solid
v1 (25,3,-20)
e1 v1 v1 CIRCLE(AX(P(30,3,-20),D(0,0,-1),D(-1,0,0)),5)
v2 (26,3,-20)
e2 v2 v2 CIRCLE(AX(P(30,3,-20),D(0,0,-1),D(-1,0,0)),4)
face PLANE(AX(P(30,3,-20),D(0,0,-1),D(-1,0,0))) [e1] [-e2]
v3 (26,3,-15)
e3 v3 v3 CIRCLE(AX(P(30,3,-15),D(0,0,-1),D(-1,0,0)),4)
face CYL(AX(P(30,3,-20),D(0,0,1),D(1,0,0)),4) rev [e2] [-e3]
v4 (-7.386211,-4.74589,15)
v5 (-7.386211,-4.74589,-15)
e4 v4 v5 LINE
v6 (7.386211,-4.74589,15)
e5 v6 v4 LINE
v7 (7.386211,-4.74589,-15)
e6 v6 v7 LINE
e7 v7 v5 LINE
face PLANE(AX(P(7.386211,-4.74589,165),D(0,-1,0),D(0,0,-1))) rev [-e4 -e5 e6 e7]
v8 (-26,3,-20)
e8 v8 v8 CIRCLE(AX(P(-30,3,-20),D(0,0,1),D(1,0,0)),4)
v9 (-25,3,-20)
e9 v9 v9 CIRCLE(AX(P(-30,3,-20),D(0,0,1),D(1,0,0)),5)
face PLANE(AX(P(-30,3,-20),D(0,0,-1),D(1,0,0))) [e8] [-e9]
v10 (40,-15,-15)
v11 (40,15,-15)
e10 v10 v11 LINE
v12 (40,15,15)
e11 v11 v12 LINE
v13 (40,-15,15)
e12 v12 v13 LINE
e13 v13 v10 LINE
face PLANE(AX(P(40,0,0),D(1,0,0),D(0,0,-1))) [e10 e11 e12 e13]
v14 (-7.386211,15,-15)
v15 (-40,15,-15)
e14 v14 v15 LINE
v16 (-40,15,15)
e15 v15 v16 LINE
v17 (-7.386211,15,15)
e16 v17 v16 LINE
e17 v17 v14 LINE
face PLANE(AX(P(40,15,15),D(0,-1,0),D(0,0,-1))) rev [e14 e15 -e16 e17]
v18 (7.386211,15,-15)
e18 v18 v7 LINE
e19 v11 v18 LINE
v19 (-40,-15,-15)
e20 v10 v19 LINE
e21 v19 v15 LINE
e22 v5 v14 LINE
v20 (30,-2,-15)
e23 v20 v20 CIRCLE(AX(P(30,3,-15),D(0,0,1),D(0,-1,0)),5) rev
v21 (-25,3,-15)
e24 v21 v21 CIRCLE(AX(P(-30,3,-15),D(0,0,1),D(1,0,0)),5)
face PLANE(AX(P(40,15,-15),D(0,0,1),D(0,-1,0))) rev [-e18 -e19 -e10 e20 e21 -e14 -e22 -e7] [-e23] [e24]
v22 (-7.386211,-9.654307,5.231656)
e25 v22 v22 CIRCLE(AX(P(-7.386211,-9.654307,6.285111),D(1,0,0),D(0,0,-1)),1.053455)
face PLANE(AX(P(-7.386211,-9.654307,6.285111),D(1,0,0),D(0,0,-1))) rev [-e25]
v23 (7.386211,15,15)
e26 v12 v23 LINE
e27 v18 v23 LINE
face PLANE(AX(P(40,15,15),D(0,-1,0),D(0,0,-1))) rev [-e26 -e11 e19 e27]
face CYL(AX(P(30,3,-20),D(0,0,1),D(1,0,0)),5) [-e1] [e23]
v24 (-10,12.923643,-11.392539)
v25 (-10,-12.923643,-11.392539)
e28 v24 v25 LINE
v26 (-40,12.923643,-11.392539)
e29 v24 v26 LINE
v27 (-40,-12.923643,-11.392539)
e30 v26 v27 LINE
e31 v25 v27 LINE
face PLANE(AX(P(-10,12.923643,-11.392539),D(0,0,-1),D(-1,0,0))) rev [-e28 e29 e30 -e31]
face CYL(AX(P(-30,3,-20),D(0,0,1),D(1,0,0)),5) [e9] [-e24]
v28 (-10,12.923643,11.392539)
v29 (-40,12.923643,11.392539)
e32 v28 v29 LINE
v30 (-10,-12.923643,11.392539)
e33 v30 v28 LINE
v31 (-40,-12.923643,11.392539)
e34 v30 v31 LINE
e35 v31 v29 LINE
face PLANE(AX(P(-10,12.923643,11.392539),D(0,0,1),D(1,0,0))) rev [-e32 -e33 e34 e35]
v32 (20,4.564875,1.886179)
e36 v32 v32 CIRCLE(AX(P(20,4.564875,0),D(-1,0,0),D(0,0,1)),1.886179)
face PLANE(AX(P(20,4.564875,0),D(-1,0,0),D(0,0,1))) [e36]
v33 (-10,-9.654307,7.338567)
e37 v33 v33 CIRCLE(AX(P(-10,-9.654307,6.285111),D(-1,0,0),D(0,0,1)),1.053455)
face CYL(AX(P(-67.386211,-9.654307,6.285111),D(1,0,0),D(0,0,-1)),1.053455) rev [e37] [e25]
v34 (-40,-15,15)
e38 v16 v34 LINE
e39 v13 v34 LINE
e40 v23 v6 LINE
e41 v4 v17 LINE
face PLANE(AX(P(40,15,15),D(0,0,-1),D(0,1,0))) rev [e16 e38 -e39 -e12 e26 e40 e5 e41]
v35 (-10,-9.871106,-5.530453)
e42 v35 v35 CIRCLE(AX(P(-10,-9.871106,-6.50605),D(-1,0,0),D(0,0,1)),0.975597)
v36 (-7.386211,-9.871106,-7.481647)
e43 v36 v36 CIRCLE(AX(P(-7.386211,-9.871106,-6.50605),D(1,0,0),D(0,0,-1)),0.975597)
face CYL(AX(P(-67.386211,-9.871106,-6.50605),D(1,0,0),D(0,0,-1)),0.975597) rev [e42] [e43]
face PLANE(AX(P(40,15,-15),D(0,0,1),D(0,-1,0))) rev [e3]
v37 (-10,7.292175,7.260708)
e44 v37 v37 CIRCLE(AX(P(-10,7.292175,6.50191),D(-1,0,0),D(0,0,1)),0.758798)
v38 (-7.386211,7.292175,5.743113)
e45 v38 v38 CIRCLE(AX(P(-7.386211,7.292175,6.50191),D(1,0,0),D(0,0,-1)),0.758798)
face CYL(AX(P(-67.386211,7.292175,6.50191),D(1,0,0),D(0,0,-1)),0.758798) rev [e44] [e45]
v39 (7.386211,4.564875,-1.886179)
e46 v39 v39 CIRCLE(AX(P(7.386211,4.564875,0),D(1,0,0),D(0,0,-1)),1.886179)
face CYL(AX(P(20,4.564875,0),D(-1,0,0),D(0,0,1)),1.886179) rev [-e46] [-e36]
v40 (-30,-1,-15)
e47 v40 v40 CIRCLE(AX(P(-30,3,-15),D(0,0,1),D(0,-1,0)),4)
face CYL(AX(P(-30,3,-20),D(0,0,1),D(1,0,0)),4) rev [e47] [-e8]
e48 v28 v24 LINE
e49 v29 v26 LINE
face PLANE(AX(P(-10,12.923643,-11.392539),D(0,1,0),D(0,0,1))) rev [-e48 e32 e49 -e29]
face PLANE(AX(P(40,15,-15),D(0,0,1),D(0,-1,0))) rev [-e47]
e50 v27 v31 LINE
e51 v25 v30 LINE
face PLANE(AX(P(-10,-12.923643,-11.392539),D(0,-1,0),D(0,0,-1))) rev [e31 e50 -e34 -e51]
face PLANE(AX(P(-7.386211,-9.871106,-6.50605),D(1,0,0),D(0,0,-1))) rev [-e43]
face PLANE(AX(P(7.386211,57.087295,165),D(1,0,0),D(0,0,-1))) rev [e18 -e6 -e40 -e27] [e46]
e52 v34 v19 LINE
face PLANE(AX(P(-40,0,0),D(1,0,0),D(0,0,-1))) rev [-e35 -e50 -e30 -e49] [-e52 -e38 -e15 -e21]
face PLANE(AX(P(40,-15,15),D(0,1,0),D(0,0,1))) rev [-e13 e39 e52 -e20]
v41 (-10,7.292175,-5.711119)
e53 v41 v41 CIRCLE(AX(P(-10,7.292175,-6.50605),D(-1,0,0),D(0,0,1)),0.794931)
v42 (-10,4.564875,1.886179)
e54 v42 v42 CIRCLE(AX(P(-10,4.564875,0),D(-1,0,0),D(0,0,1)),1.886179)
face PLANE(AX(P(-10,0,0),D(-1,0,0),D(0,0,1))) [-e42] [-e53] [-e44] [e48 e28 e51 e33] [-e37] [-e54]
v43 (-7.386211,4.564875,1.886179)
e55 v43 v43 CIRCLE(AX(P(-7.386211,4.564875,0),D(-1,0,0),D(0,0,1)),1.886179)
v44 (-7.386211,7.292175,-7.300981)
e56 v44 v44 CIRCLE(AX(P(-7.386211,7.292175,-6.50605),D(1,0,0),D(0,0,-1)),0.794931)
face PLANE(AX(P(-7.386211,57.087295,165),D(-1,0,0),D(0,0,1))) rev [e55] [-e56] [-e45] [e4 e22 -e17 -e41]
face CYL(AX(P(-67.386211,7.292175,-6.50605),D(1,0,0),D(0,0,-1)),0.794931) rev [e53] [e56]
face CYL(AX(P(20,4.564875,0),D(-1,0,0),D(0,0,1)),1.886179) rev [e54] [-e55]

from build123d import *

# Parameters (mm, degrees)
SKICA1_W                 = 30
SKICA1_H                 = 30
P_IDAT_VYSUNUT_M1_DEPTH  = 40
SKICA2_W                 = 14.772421132
SKICA2_H                 = 61.833184582
ODEBRAT_VYSUNUT_M1_DEPTH = 180
SKICA3_W                 = 22.785077148
SKICA3_H                 = 25.847285536
ODEBRAT_VYSUNUT_M2_DEPTH = 30
SKICA4_R                 = 0.794930896
SKICA4_R_2               = 0.758797673
SKICA4_R_3               = 1.053455412
SKICA4_R_4               = 0.975597008
ODEBRAT_VYSUNUT_M3_DEPTH = 60
SKICA5_R                 = 1.886179275
ODEBRAT_VYSUNUT_M4_DEPTH = 30
SKICA6_R                 = 5
SKICA6_R_2               = 4
P_IDAT_VYSUNUT_M2_DEPTH  = 5


with BuildPart() as part:
    # Skica1 → Přidat vysunutím1 (new body, symmetric)
    with BuildSketch(Plane(origin=(0, 0, 0), x_dir=(0, 0, -1), z_dir=(1, 0, 0))):
        Rectangle(SKICA1_W, SKICA1_H)
    extrude(amount=P_IDAT_VYSUNUT_M1_DEPTH, both=True)

    # Skica2 → Odebrat vysunutím1 (cut)
    with BuildSketch(Plane(origin=(0, 0, -15), x_dir=(-1, 0, 0), z_dir=(0, 0, -1))):
        with Locations((0, 26.170702713)):
            Rectangle(SKICA2_W, SKICA2_H)
    extrude(amount=-ODEBRAT_VYSUNUT_M1_DEPTH, mode=Mode.SUBTRACT)

    # Skica3 → Odebrat vysunutím2 (cut)
    with BuildSketch(Plane.ZY.offset(40)):
        Rectangle(SKICA3_W, SKICA3_H)
    extrude(amount=-ODEBRAT_VYSUNUT_M2_DEPTH, mode=Mode.SUBTRACT)

    # Skica4 → Odebrat vysunutím3 (cut)
    with BuildSketch(Plane(origin=(-7.386210566, 0, 0), x_dir=(0, 0, -1), z_dir=(1, 0, 0))):
        with Locations((6.506049624, 7.292174822)):
            Circle(SKICA4_R)
        with Locations((-6.501910486, 7.292174822)):
            Circle(SKICA4_R_2)
        with Locations((-6.285111151, -9.654306544)):
            Circle(SKICA4_R_3)
        with Locations((6.506049624, -9.87110588)):
            Circle(SKICA4_R_4)
    extrude(amount=-ODEBRAT_VYSUNUT_M3_DEPTH, mode=Mode.SUBTRACT)

    # Skica5 → Odebrat vysunutím4 (cut)
    with BuildSketch(Plane.ZY.offset(10)):
        with Locations((0, 4.56487451)):
            Circle(SKICA5_R)
    extrude(amount=-ODEBRAT_VYSUNUT_M4_DEPTH, mode=Mode.SUBTRACT)

    # Skica6 → Přidat vysunutím2 (add)
    with BuildSketch(Plane(origin=(0, 0, -15), x_dir=(-1, 0, 0), z_dir=(0, 0, -1))):
        with Locations((-30, 3)):
            Circle(SKICA6_R)
        with Locations((-30, 3)):
            Circle(SKICA6_R_2, mode=Mode.SUBTRACT)
    p_idat_vysunut_m2 = extrude(amount=P_IDAT_VYSUNUT_M2_DEPTH)

    # Zrcadlit1: Přidat vysunutím2 across plane
    add(p_idat_vysunut_m2.mirror(Plane(origin=(0, 0, 0), x_dir=(0, 0, 1), z_dir=(1, 0, 0))))


solid = part.part
